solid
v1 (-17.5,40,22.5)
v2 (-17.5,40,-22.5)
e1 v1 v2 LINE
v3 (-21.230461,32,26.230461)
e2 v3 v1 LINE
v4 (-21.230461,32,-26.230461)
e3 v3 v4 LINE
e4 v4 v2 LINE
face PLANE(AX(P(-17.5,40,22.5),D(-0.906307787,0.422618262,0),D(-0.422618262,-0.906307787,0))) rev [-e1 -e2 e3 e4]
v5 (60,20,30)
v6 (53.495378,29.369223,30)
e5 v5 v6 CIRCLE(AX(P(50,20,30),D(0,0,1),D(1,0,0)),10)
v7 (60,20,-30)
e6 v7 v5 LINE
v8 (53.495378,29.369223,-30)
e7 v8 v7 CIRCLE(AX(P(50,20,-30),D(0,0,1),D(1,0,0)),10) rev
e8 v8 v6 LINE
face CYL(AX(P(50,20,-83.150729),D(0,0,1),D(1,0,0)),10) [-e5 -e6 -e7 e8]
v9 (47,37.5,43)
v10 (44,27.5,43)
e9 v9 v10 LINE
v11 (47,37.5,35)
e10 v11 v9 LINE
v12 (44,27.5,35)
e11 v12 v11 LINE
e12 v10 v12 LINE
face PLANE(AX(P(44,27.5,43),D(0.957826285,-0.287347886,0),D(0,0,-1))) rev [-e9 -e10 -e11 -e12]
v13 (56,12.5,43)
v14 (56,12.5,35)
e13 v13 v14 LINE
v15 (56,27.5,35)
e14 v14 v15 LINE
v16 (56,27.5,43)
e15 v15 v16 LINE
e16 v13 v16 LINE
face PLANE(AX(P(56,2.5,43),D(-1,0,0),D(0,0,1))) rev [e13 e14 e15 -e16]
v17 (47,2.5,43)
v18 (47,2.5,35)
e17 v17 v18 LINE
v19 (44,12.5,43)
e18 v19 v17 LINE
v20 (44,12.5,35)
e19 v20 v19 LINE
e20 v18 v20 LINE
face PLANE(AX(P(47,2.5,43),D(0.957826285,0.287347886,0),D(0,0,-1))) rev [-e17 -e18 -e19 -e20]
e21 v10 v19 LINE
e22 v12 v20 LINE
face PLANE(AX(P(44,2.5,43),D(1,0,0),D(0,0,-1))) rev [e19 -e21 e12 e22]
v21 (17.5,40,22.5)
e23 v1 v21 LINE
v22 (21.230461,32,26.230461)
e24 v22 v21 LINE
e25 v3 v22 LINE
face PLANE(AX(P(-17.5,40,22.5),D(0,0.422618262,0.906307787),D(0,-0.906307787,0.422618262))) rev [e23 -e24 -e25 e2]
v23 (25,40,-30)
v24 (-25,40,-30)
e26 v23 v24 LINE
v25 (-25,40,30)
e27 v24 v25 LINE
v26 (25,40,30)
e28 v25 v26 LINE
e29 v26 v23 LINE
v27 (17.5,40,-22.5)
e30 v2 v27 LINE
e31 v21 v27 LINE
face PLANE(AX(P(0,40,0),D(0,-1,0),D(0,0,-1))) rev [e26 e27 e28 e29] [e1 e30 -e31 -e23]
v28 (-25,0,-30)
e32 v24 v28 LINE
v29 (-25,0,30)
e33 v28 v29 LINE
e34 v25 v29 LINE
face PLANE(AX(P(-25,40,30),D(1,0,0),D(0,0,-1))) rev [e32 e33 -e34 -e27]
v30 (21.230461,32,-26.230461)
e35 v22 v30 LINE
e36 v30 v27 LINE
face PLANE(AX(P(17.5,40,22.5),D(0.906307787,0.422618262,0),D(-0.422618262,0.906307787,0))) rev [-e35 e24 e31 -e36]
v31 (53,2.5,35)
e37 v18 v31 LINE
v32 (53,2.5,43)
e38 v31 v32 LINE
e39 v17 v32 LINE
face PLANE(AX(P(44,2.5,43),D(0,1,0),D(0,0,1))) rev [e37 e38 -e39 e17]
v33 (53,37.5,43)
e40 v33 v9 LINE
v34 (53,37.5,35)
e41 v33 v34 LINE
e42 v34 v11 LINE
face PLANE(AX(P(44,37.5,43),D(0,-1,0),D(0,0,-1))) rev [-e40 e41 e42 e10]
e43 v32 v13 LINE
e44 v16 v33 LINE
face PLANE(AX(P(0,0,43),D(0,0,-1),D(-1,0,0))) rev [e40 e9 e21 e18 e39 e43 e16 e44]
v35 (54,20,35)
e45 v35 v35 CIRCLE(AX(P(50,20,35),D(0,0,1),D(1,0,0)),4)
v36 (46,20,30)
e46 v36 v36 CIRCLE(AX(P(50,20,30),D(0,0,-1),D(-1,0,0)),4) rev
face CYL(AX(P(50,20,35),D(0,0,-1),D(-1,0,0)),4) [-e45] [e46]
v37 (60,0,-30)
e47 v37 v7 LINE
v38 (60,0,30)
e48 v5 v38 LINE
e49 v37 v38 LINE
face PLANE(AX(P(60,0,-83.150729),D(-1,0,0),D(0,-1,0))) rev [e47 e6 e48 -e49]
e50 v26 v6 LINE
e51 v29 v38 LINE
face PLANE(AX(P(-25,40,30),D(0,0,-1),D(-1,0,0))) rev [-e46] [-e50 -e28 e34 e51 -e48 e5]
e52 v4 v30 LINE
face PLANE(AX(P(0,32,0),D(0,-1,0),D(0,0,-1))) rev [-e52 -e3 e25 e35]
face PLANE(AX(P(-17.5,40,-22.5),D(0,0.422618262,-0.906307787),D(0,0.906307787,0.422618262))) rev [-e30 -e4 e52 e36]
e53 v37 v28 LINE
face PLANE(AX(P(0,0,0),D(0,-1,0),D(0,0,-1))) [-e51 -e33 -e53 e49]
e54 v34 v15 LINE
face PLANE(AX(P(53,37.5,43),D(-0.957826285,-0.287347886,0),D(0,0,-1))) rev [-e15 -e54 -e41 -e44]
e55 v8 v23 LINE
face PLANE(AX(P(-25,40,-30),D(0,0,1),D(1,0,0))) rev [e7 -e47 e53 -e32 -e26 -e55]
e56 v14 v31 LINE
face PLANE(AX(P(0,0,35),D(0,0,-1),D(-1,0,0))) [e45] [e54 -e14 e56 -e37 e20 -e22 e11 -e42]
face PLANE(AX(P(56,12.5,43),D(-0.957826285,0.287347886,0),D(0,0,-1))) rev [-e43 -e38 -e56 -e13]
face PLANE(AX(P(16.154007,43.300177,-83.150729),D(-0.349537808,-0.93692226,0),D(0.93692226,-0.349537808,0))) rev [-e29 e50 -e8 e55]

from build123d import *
from OCP.BRepFilletAPI import BRepFilletAPI_MakeChamfer

# Parameters (mm, degrees)
SKETCH1_W           = 50
SKETCH1_H           = 60
BOSS_EXTRUDE1_DEPTH = 40
BOSS_EXTRUDE2_DEPTH = 60
SKETCH3_W           = 35
SKETCH3_H           = 45
CUT_EXTRUDE1_DEPTH  = 8
CUT_EXTRUDE1_DRAFT  = 25
SKETCH4_R           = 4
BOSS_EXTRUDE3_DEPTH = 5
SKETCH5_W           = 12
SKETCH5_H           = 35
BOSS_EXTRUDE4_DEPTH = 8
CHAMFER1_SIZE       = 3
CHAMFER1_SIZE2      = 10
CHAMFER2_SIZE       = 10
CHAMFER2_SIZE2      = 3


with BuildPart() as part:
    # Sketch1 → Boss-Extrude1 (new body)
    with BuildSketch(Plane(origin=(0, 0, 0), x_dir=(1, 0, 0), z_dir=(0, 1, 0))):
        Rectangle(SKETCH1_W, SKETCH1_H)
    extrude(amount=BOSS_EXTRUDE1_DEPTH)

    # Sketch2 → Boss-Extrude2 (add)
    with BuildSketch(Plane.XY.offset(30)):
        with BuildLine():
            Line((53.495378078, 29.369222598), (25, 40))
            Line((25, 40), (25, 0))
            Line((25, 0), (60, 0))
            Line((60, 0), (60, 20))
            ThreePointArc((60, 20), (58.214431836, 25.702903612), (53.495378078, 29.369222598))
        make_face()
    extrude(amount=-BOSS_EXTRUDE2_DEPTH)


with BuildPart() as cut_extrude1_tool:
    # Sketch3 → Cut-Extrude1 (with draft: the straight prism first)
    with BuildSketch(Plane(origin=(0, 40, 0), x_dir=(1, 0, 0), z_dir=(0, 1, 0))):
        Rectangle(SKETCH3_W, SKETCH3_H)
    extrude(amount=-CUT_EXTRUDE1_DEPTH)
    # Cut-Extrude1: the draft: its side faces are tilted about the plane it starts from
    cut_extrude1_sides = [cut_extrude1_tool.faces().sort_by_distance(p)[0] for p in [
        (0, 36, 22.5),
        (17.5, 36, 0),
        (0, 36, -22.5),
        (-17.5, 36, 0),
    ]]
    draft(cut_extrude1_sides, Plane(origin=(0, 40, 0), x_dir=(1, 0, 0), z_dir=(0, 1, 0)), CUT_EXTRUDE1_DRAFT)


with BuildPart() as part_1:
    add(part.part)

    # Cut-Extrude1: cut by cut_extrude1_tool
    add(cut_extrude1_tool.part, mode=Mode.SUBTRACT)

    # Sketch4 → Boss-Extrude3 (add)
    with BuildSketch(Plane.XY.offset(30)):
        with Locations(Location((50, 20, 0), (0, 0, 180))):
            Circle(SKETCH4_R)
    extrude(amount=BOSS_EXTRUDE3_DEPTH)

    # Sketch5 → Boss-Extrude4 (add)
    with BuildSketch(Plane.XY.offset(35)):
        with Locations((50, 20)):
            Rectangle(SKETCH5_W, SKETCH5_H)
    extrude(amount=BOSS_EXTRUDE4_DEPTH)

    # Chamfer1: one chamfer whose edges measure the first distance from different faces: ONE call of the kernel's chamfer builder (chamfer() names one face for all edges)
    chamfer1_edges_1 = [part_1.edges().sort_by_distance(p)[0] for p in [
        (56, 2.5, 39),
    ]]
    chamfer1_side_1 = [part_1.faces().sort_by_distance(p)[0] for p in [
        (50, 2.5, 39),
    ]]
    chamfer1_edges_2 = [part_1.edges().sort_by_distance(p)[0] for p in [
        (44, 37.5, 39),
    ]]
    chamfer1_side_2 = [part_1.faces().sort_by_distance(p)[0] for p in [
        (50, 37.5, 39),
    ]]
    chamfer1 = BRepFilletAPI_MakeChamfer(part_1.part.solid().wrapped)
    for e in chamfer1_edges_1:
        chamfer1.Add(CHAMFER1_SIZE, CHAMFER1_SIZE2, e.wrapped, chamfer1_side_1[0].wrapped)  # the first distance lies on this face
    for e in chamfer1_edges_2:
        chamfer1.Add(CHAMFER1_SIZE, CHAMFER1_SIZE2, e.wrapped, chamfer1_side_2[0].wrapped)  # the first distance lies on this face
    add(Compound.cast(chamfer1.Shape()), mode=Mode.REPLACE)

    # Chamfer2: one chamfer whose edges measure the first distance from different faces: ONE call of the kernel's chamfer builder (chamfer() names one face for all edges)
    chamfer2_edges_1 = [part_1.edges().sort_by_distance(p)[0] for p in [
        (56, 37.5, 39),
    ]]
    chamfer2_side_1 = [part_1.faces().sort_by_distance(p)[0] for p in [
        (56, 25, 39),
    ]]
    chamfer2_edges_2 = [part_1.edges().sort_by_distance(p)[0] for p in [
        (44, 2.5, 39),
    ]]
    chamfer2_side_2 = [part_1.faces().sort_by_distance(p)[0] for p in [
        (44, 15, 39),
    ]]
    chamfer2 = BRepFilletAPI_MakeChamfer(part_1.part.solid().wrapped)
    for e in chamfer2_edges_1:
        chamfer2.Add(CHAMFER2_SIZE, CHAMFER2_SIZE2, e.wrapped, chamfer2_side_1[0].wrapped)  # the first distance lies on this face
    for e in chamfer2_edges_2:
        chamfer2.Add(CHAMFER2_SIZE, CHAMFER2_SIZE2, e.wrapped, chamfer2_side_2[0].wrapped)  # the first distance lies on this face
    add(Compound.cast(chamfer2.Shape()), mode=Mode.REPLACE)


solid = part_1.part
